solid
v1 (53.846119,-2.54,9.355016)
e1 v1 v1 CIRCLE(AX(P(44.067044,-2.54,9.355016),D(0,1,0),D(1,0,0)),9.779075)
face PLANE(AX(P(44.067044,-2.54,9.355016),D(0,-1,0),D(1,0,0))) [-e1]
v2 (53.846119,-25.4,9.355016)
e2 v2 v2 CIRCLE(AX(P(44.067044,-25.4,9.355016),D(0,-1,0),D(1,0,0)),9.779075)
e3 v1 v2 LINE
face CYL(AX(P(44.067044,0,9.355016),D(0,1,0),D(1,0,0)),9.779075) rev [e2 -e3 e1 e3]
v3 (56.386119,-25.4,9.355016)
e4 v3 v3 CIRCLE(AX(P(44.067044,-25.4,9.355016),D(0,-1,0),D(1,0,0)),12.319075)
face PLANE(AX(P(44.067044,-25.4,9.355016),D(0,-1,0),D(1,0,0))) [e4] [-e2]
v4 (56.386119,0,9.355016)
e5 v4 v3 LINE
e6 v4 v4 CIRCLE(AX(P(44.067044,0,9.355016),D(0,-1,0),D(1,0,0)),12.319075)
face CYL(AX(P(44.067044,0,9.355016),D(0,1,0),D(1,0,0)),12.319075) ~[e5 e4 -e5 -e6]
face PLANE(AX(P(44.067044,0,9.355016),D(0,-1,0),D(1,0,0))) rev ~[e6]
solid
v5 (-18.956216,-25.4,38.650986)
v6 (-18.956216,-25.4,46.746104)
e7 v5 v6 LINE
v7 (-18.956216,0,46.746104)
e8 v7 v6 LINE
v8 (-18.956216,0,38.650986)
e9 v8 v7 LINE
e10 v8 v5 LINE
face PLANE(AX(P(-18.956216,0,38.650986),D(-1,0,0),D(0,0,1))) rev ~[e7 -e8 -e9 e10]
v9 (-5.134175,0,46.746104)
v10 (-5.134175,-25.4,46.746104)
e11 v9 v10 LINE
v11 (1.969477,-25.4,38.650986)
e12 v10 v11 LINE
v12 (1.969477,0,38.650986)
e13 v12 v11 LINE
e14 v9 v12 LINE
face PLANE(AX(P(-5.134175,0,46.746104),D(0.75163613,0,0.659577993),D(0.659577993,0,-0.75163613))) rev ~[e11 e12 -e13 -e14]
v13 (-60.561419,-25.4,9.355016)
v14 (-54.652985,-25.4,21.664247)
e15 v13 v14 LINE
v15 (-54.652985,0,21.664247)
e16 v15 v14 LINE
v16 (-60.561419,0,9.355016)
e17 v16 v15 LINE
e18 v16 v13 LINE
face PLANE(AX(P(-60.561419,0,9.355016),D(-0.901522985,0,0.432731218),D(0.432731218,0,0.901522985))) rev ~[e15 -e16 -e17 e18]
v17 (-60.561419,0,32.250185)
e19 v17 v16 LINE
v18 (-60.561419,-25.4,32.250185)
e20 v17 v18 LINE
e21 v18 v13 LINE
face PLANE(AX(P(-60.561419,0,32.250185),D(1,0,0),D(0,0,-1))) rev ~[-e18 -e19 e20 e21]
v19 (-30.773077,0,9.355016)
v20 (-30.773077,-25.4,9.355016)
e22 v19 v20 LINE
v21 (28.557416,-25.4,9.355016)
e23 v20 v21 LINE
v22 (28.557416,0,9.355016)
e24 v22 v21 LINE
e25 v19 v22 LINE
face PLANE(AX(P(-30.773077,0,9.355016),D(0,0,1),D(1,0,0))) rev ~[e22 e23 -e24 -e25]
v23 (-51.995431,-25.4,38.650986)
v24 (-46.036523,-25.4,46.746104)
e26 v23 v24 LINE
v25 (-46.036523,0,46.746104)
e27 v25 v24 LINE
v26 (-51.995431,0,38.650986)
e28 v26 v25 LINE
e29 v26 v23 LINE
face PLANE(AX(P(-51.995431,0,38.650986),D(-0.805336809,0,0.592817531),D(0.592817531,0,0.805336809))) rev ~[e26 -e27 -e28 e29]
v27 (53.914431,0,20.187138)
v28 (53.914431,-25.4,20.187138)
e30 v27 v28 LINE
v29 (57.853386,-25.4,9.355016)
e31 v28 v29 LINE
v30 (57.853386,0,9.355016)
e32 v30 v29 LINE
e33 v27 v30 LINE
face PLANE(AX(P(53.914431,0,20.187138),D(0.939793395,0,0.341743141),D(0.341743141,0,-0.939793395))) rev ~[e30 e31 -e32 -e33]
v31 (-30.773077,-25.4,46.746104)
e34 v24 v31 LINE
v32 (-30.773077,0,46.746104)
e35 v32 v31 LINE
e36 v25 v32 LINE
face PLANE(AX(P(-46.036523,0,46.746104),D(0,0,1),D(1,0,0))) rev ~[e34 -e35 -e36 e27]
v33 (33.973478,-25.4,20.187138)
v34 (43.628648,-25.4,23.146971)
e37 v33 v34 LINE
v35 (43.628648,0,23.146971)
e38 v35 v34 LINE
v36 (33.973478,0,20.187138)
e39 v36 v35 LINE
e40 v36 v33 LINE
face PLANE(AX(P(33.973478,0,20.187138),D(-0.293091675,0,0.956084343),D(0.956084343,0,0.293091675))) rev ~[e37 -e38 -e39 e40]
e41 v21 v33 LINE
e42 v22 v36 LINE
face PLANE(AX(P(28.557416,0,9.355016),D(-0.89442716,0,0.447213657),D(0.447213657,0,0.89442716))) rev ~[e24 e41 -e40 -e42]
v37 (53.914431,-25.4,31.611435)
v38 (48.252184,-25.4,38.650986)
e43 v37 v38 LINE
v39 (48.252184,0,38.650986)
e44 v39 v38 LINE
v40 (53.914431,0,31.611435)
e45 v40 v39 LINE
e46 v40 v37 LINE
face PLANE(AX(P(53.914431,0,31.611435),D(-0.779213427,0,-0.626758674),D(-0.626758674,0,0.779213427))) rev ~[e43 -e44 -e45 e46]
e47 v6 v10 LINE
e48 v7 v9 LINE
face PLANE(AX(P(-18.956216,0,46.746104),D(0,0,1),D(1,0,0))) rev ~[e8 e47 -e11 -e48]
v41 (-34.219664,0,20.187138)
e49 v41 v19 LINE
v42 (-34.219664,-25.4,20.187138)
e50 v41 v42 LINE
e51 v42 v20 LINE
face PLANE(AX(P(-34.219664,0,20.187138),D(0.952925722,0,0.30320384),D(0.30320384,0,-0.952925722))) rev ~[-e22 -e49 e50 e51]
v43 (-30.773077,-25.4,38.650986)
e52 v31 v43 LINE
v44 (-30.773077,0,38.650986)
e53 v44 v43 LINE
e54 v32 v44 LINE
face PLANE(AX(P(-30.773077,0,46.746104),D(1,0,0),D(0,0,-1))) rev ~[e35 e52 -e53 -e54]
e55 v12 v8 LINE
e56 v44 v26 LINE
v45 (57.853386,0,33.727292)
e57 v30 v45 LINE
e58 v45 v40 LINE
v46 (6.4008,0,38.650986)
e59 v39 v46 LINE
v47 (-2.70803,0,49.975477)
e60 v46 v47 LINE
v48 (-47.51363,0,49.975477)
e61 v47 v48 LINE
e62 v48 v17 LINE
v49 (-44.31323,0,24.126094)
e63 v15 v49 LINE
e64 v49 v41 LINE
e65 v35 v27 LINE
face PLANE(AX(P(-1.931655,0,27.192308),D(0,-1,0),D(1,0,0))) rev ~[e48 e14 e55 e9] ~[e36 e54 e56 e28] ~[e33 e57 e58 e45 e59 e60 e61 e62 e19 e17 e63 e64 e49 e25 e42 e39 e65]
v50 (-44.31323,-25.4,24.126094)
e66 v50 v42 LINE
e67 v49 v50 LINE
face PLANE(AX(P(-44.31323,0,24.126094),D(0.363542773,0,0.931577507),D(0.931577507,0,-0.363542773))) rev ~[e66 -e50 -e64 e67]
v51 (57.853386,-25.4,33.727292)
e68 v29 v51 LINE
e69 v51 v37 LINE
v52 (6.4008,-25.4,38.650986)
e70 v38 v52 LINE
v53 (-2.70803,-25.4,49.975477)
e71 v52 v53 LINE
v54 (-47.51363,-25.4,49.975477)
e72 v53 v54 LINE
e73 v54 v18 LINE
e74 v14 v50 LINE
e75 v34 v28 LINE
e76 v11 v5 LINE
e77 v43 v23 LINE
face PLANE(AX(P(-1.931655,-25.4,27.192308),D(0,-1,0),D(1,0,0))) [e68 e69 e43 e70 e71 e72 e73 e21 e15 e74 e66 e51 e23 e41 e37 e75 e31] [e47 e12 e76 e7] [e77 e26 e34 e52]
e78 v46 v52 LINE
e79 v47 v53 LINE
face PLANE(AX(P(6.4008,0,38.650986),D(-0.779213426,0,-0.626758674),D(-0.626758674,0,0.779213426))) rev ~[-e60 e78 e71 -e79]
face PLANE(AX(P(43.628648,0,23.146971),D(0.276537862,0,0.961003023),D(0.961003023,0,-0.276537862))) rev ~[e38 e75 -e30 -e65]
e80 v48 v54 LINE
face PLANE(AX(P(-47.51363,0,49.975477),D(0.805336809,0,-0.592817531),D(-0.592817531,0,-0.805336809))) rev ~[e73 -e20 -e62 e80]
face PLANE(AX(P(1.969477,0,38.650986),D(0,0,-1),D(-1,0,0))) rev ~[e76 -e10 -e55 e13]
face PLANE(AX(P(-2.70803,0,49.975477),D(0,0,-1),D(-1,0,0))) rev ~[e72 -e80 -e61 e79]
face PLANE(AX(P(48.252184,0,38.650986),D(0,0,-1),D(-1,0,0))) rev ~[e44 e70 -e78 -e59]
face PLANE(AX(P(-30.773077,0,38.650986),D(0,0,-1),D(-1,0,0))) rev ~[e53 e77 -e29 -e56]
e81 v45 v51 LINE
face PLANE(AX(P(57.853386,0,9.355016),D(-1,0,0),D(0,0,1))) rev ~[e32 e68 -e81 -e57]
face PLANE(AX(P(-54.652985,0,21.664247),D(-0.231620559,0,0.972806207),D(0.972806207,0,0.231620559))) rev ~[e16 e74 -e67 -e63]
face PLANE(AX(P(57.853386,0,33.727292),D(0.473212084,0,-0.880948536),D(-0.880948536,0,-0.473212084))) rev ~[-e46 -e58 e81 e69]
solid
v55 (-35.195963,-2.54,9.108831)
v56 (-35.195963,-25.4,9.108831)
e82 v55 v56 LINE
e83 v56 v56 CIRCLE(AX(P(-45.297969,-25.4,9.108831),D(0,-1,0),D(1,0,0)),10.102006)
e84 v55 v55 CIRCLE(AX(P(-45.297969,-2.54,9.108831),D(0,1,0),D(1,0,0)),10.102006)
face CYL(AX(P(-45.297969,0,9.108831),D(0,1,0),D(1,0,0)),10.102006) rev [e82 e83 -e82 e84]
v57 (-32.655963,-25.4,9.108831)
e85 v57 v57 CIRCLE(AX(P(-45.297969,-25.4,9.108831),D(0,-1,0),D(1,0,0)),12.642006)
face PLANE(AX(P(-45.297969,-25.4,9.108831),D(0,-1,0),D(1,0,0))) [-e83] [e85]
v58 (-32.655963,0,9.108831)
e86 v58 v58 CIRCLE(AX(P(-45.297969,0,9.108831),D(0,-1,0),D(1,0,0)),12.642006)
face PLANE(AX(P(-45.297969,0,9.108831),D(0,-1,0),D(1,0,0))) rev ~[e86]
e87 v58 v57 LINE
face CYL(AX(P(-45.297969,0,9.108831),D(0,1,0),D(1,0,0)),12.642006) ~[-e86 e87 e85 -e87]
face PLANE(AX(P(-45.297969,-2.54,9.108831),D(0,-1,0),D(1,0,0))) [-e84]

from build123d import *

# Parameters (mm, degrees)
F2_DEPTH = 25.4
F0_R     = 12.6420058039
F0_R_2   = 12.3190749573
F3_T     = -2.54
F3_2_T   = -2.54


with BuildPart() as f2:
    # F0 (on Front) → F2 (new body)
    with BuildSketch(Plane.XZ):
        Polygon((-34.2196635902, 20.1871376485), (-30.7730771601, 9.3550160527), (28.5574160516, 9.3550160527), (33.9734777808, 20.1871376485), (43.6286481416, 23.1469707184), (53.9144314826, 20.1871376485), (57.8533858061, 9.3550160527), (57.8533858061, 33.7272919714), (53.9144314826, 31.6114353609), (48.252183944, 38.6509858072), (6.4008003101, 38.6509858072), (-2.7080303989, 49.975477159), (-47.5136302412, 49.975477159), (-60.5614185333, 32.2501845658), (-60.5614185333, 9.3550160527), (-54.6529851854, 21.6642469168), (-44.3132296205, 24.1260938346), align=None)
        Polygon((-30.7730771601, 46.7461037775), (-30.7730771601, 38.6509858072), (-51.9954307024, 38.6509858072), (-46.0365228355, 46.7461037775), align=None, mode=Mode.SUBTRACT)
        Polygon((-5.1341748284, 46.7461037775), (1.9694773946, 38.6509858072), (-18.9562160522, 38.6509858072), (-18.9562160522, 46.7461037775), align=None, mode=Mode.SUBTRACT)
    extrude(amount=F2_DEPTH)


with BuildPart() as f2b:
    # F0 (on Front) → F2, piece 2 (new body)
    with BuildSketch(Plane.XZ):
        with Locations((-45.2979691327, 9.1088311747)):
            Circle(F0_R)
    extrude(amount=F2_DEPTH)

    # F3
    f3_openings = [f2b.faces().sort_by_distance(p)[0] for p in [
        (-45.297969, -25.4, 9.108831),
    ]]
    offset(amount=F3_T, openings=f3_openings)


with BuildPart() as f2c:
    # F0 (on Front) → F2, piece 3 (new body)
    with BuildSketch(Plane.XZ):
        with Locations((44.0670438111, 9.3550160527)):
            Circle(F0_R_2)
    extrude(amount=F2_DEPTH)

    # F3#2
    f3_2_openings = [f2c.faces().sort_by_distance(p)[0] for p in [
        (44.067044, -25.4, 9.355016),
    ]]
    offset(amount=F3_2_T, openings=f3_2_openings)


solid = Compound([f2.part, f2b.part, f2c.part])
